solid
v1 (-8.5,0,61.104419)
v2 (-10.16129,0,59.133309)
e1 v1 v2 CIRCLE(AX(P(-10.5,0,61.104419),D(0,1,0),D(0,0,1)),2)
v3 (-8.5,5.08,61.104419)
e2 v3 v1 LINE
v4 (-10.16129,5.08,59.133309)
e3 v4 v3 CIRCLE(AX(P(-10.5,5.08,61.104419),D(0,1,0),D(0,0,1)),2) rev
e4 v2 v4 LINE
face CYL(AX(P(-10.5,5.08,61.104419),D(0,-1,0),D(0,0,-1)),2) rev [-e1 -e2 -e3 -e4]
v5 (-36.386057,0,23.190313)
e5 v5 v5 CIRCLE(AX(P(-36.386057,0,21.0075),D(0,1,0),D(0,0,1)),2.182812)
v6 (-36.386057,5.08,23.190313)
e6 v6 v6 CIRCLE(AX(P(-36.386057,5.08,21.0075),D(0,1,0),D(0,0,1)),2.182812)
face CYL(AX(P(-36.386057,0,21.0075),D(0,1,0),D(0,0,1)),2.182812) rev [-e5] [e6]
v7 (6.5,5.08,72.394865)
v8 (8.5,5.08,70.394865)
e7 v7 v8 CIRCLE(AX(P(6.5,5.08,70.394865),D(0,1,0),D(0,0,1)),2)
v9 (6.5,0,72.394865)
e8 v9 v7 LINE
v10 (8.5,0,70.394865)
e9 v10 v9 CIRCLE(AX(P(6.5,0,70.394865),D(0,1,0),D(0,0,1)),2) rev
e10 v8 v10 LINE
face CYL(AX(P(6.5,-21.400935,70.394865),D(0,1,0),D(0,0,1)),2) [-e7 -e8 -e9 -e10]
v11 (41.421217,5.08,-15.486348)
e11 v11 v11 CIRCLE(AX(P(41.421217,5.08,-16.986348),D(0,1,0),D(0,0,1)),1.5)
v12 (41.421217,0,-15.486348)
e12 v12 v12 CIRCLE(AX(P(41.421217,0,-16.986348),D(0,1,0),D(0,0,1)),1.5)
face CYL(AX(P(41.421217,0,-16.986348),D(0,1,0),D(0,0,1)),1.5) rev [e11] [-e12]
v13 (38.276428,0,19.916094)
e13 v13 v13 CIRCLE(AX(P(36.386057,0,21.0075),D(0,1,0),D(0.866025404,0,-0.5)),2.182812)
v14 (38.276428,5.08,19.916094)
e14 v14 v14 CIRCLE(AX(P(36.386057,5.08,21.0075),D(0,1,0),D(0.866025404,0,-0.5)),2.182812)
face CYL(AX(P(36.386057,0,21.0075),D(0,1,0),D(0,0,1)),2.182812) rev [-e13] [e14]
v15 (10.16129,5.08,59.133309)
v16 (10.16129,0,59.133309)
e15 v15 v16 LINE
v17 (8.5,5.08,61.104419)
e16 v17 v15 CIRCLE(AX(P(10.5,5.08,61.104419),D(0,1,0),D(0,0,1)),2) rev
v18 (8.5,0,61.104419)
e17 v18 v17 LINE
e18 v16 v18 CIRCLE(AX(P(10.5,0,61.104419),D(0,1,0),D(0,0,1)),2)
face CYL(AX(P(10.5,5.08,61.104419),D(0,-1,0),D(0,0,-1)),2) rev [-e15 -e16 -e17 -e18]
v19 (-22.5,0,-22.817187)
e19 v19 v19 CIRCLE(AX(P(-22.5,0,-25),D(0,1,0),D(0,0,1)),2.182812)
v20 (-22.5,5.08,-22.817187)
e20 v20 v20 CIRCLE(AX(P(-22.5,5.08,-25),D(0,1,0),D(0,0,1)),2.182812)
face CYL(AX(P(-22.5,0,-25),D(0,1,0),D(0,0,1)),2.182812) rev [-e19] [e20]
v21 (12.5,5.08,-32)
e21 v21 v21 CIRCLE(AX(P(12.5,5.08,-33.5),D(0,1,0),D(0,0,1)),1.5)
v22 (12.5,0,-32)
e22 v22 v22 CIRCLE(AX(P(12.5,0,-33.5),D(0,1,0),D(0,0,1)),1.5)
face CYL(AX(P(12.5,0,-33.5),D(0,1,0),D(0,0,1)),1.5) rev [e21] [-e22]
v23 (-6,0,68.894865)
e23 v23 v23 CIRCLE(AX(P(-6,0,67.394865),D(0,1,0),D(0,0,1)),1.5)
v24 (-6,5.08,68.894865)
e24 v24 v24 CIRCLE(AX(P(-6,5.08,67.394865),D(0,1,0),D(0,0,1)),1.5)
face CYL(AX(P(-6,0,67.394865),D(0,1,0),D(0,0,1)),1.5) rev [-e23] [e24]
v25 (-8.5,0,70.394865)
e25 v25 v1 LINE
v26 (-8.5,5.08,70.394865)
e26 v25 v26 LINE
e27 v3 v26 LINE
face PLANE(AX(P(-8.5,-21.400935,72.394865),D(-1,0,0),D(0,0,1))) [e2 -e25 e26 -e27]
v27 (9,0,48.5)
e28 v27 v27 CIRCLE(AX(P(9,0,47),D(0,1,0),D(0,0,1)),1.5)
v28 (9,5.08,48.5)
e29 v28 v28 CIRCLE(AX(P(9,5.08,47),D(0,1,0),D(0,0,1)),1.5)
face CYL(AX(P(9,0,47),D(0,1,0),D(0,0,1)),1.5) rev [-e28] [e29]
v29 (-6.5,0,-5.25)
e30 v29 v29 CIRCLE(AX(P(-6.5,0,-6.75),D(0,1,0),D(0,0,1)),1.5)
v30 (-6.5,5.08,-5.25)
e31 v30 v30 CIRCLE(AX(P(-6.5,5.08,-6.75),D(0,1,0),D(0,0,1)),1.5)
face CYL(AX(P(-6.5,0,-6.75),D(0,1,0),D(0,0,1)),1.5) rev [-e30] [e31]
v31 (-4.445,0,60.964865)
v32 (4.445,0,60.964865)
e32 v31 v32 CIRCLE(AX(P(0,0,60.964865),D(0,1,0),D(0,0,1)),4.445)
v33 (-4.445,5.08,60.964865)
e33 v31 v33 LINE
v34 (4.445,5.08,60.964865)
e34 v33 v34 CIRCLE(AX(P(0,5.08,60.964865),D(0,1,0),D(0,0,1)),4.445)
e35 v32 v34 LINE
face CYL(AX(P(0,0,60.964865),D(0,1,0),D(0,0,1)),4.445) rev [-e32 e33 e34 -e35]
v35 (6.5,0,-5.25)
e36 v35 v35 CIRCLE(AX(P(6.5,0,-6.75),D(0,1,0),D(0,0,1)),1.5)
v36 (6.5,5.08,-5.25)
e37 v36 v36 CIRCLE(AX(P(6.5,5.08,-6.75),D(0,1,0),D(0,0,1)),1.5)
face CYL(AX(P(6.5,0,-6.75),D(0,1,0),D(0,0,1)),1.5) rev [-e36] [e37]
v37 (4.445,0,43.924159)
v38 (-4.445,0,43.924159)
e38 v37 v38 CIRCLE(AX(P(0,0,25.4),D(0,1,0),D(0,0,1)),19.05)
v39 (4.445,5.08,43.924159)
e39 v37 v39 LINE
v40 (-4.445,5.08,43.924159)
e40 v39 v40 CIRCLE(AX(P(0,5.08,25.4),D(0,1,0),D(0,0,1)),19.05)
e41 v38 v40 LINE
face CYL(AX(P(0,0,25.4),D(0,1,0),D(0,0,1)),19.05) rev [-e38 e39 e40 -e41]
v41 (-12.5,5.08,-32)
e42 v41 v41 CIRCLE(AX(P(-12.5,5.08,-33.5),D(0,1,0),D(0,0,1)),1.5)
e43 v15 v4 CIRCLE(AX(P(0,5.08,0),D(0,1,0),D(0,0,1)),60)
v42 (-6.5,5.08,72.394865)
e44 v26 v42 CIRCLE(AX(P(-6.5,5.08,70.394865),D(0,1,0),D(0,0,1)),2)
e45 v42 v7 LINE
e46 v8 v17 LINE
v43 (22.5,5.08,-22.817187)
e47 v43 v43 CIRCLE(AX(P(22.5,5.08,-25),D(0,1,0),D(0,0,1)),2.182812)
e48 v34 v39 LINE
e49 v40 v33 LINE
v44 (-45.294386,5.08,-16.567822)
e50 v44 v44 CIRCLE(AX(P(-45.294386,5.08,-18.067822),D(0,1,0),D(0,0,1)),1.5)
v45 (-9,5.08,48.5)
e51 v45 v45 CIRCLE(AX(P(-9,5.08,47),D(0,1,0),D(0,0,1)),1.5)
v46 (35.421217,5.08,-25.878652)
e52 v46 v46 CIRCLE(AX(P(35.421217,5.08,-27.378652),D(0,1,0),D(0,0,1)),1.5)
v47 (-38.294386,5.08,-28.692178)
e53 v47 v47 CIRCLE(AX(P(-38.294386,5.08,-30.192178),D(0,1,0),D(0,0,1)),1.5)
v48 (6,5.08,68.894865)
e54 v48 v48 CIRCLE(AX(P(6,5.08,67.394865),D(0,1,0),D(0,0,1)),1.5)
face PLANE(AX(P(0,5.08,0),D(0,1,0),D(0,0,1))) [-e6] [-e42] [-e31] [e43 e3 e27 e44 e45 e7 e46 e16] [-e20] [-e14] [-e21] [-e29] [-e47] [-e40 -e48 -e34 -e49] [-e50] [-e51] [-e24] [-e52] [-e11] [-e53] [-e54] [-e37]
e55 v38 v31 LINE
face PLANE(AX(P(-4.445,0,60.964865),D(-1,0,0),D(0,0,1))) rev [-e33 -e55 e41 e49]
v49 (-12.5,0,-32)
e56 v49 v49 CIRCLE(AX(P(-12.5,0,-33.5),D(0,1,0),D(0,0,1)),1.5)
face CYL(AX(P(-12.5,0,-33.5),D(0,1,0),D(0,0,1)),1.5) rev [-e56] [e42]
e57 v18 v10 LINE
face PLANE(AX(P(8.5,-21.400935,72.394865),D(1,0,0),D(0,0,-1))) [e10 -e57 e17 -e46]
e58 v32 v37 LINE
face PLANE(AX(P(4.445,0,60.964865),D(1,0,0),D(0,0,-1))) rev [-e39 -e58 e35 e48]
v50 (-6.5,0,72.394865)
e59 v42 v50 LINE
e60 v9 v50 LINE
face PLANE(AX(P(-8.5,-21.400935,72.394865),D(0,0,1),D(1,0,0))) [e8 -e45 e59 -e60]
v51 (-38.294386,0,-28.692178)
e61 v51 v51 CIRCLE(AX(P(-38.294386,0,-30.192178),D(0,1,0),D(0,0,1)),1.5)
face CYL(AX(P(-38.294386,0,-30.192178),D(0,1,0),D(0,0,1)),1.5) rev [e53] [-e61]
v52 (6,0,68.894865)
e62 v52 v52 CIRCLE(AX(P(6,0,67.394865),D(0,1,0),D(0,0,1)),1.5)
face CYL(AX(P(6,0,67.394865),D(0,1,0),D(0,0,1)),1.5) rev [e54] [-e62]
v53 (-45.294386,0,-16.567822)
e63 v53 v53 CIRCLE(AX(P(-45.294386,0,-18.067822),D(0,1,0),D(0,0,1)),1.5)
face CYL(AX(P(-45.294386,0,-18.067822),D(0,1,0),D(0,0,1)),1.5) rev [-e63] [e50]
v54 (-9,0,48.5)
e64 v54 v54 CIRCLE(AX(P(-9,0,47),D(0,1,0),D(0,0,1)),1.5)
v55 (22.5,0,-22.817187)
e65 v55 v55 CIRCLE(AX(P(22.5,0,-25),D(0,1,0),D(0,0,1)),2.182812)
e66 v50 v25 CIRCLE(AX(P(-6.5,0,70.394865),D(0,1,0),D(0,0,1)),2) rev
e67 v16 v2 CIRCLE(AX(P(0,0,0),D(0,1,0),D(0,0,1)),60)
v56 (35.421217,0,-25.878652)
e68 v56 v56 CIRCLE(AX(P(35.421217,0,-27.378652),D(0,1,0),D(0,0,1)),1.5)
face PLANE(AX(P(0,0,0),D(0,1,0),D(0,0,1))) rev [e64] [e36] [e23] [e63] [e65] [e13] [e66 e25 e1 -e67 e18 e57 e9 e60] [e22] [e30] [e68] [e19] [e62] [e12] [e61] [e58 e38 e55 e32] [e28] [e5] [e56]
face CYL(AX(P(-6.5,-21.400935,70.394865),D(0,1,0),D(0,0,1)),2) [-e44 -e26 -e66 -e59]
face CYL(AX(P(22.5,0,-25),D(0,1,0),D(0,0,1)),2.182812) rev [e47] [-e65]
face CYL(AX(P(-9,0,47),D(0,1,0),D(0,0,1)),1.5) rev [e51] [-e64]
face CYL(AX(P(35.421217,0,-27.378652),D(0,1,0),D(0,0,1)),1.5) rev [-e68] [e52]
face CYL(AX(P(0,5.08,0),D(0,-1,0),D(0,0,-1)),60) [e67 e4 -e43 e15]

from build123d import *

# Parameters (mm, degrees)
SKETCH1_R           = 60
BOSS_EXTRUDE1_DEPTH = 5.08
SKETCH2_R           = 2.1828125
CUT_EXTRUDE1_DEPTH  = 6.08
CIRPATTERN1_COUNT   = 2
CIRPATTERN1_ANGLE   = 120
SKETCH3_R           = 1.5
CUT_EXTRUDE2_DEPTH  = 6.08
SKETCH5_R           = 2.1828125
CUT_EXTRUDE4_DEPTH  = 6.08
SKETCH6_R           = 19.05
CUT_EXTRUDE5_DEPTH  = 6.08
SKETCH9_W           = 17
SKETCH9_H           = 13
BOSS_EXTRUDE2_DEPTH = 5.08
SKETCH7_R           = 1.5
CUT_EXTRUDE6_DEPTH  = 6.08
FILLET1_R           = 2
FILLET2_R           = 2


with BuildPart() as part:
    # Sketch1 → Boss-Extrude1 (new body)
    with BuildSketch(Plane(origin=(0, 0, 0), x_dir=(1, 0, 0), z_dir=(0, 1, 0))):
        Circle(SKETCH1_R)
    extrude(amount=BOSS_EXTRUDE1_DEPTH)

    # Sketch2 → Cut-Extrude1 (cut, through all)
    with BuildSketch(Plane(origin=(0, 5.08, 0), x_dir=(1, 0, 0), z_dir=(0, 1, 0))):
        with Locations((-36.386057378, -21.007500022)):
            Circle(SKETCH2_R)
    cut_extrude1 = extrude(amount=-CUT_EXTRUDE1_DEPTH, mode=Mode.SUBTRACT)

    # CirPattern1: Cut-Extrude1 ×2 about axis
    cirpattern1_axis = Axis((0, 5.08, 0), (0, 1, 0))
    for i in range(1, CIRPATTERN1_COUNT):
        add(cut_extrude1.rotate(cirpattern1_axis, i * CIRPATTERN1_ANGLE / (CIRPATTERN1_COUNT - 1)), mode=Mode.SUBTRACT)

    # Sketch3 → Cut-Extrude2 (cut, through all)
    with BuildSketch(Plane(origin=(0, 5.08, 0), x_dir=(1, 0, 0), z_dir=(0, 1, 0))):
        with Locations((-6.5, 6.749999962)):
            Circle(SKETCH3_R)
        with Locations((6.5, 6.749999962)):
            Circle(SKETCH3_R)
        with Locations((-12.5, 33.500000056)):
            Circle(SKETCH3_R)
        with Locations((12.5, 33.500000056)):
            Circle(SKETCH3_R)
        with Locations((35.421216966, 27.378652381)):
            Circle(SKETCH3_R)
        with Locations((41.421216966, 16.986347535)):
            Circle(SKETCH3_R)
        with Locations((-45.294385987, 18.067822174)):
            Circle(SKETCH3_R)
        with Locations((-38.294385987, 30.192177826)):
            Circle(SKETCH3_R)
    extrude(amount=-CUT_EXTRUDE2_DEPTH, mode=Mode.SUBTRACT)

    # Sketch5 → Cut-Extrude4 (cut, through all)
    with BuildSketch(Plane(origin=(0, 5.08, 0), x_dir=(1, 0, 0), z_dir=(0, 1, 0))):
        with Locations((-22.5, 25)):
            Circle(SKETCH5_R)
        with Locations((22.5, 25)):
            Circle(SKETCH5_R)
    extrude(amount=-CUT_EXTRUDE4_DEPTH, mode=Mode.SUBTRACT)

    # Sketch6 → Cut-Extrude5 (cut, through all)
    with BuildSketch(Plane(origin=(0, 5.08, 0), x_dir=(1, 0, 0), z_dir=(0, 1, 0))):
        with Locations((0, -25.4)):
            Circle(SKETCH6_R)
    extrude(amount=-CUT_EXTRUDE5_DEPTH, mode=Mode.SUBTRACT)

    # Sketch9 → Boss-Extrude2 (add)
    with BuildSketch(Plane(origin=(0, 5.08, 0), x_dir=(1, 0, 0), z_dir=(0, 1, 0))):
        with Locations((0, -65.894865098)):
            Rectangle(SKETCH9_W, SKETCH9_H)
    extrude(amount=-BOSS_EXTRUDE2_DEPTH)

    # Sketch7 → Cut-Extrude6 (cut, through all)
    with BuildSketch(Plane(origin=(0, 5.08, 0), x_dir=(1, 0, 0), z_dir=(0, 1, 0))):
        with Locations((-9, -47)):
            Circle(SKETCH7_R)
        with Locations((-6, -67.394865098)):
            Circle(SKETCH7_R)
        with Locations((6, -67.394865098)):
            Circle(SKETCH7_R)
        with Locations((9, -47)):
            Circle(SKETCH7_R)
        with BuildLine():
            Line((-4.445, -60.964865098), (-4.445, -43.924159225))
            Line((-4.445, -43.924159225), (4.445, -43.924159225))
            Line((4.445, -43.924159225), (4.445, -60.964865098))
            ThreePointArc((4.445, -60.964865098), (0, -65.409865098), (-4.445, -60.964865098))
        make_face()
    extrude(amount=-CUT_EXTRUDE6_DEPTH, mode=Mode.SUBTRACT)

    # Fillet1
    fillet1_edges = [part.edges().sort_by_distance(p)[0] for p in [
        (8.5, 2.54, 72.394865098),
        (-8.5, 2.54, 72.394865098),
    ]]
    fillet(fillet1_edges, radius=FILLET1_R)

    # Fillet2
    fillet2_edges = [part.edges().sort_by_distance(p)[0] for p in [
        (8.5, 2.54, 59.394865098),
        (-8.5, 2.54, 59.394865098),
    ]]
    fillet(fillet2_edges, radius=FILLET2_R)


solid = part.part
